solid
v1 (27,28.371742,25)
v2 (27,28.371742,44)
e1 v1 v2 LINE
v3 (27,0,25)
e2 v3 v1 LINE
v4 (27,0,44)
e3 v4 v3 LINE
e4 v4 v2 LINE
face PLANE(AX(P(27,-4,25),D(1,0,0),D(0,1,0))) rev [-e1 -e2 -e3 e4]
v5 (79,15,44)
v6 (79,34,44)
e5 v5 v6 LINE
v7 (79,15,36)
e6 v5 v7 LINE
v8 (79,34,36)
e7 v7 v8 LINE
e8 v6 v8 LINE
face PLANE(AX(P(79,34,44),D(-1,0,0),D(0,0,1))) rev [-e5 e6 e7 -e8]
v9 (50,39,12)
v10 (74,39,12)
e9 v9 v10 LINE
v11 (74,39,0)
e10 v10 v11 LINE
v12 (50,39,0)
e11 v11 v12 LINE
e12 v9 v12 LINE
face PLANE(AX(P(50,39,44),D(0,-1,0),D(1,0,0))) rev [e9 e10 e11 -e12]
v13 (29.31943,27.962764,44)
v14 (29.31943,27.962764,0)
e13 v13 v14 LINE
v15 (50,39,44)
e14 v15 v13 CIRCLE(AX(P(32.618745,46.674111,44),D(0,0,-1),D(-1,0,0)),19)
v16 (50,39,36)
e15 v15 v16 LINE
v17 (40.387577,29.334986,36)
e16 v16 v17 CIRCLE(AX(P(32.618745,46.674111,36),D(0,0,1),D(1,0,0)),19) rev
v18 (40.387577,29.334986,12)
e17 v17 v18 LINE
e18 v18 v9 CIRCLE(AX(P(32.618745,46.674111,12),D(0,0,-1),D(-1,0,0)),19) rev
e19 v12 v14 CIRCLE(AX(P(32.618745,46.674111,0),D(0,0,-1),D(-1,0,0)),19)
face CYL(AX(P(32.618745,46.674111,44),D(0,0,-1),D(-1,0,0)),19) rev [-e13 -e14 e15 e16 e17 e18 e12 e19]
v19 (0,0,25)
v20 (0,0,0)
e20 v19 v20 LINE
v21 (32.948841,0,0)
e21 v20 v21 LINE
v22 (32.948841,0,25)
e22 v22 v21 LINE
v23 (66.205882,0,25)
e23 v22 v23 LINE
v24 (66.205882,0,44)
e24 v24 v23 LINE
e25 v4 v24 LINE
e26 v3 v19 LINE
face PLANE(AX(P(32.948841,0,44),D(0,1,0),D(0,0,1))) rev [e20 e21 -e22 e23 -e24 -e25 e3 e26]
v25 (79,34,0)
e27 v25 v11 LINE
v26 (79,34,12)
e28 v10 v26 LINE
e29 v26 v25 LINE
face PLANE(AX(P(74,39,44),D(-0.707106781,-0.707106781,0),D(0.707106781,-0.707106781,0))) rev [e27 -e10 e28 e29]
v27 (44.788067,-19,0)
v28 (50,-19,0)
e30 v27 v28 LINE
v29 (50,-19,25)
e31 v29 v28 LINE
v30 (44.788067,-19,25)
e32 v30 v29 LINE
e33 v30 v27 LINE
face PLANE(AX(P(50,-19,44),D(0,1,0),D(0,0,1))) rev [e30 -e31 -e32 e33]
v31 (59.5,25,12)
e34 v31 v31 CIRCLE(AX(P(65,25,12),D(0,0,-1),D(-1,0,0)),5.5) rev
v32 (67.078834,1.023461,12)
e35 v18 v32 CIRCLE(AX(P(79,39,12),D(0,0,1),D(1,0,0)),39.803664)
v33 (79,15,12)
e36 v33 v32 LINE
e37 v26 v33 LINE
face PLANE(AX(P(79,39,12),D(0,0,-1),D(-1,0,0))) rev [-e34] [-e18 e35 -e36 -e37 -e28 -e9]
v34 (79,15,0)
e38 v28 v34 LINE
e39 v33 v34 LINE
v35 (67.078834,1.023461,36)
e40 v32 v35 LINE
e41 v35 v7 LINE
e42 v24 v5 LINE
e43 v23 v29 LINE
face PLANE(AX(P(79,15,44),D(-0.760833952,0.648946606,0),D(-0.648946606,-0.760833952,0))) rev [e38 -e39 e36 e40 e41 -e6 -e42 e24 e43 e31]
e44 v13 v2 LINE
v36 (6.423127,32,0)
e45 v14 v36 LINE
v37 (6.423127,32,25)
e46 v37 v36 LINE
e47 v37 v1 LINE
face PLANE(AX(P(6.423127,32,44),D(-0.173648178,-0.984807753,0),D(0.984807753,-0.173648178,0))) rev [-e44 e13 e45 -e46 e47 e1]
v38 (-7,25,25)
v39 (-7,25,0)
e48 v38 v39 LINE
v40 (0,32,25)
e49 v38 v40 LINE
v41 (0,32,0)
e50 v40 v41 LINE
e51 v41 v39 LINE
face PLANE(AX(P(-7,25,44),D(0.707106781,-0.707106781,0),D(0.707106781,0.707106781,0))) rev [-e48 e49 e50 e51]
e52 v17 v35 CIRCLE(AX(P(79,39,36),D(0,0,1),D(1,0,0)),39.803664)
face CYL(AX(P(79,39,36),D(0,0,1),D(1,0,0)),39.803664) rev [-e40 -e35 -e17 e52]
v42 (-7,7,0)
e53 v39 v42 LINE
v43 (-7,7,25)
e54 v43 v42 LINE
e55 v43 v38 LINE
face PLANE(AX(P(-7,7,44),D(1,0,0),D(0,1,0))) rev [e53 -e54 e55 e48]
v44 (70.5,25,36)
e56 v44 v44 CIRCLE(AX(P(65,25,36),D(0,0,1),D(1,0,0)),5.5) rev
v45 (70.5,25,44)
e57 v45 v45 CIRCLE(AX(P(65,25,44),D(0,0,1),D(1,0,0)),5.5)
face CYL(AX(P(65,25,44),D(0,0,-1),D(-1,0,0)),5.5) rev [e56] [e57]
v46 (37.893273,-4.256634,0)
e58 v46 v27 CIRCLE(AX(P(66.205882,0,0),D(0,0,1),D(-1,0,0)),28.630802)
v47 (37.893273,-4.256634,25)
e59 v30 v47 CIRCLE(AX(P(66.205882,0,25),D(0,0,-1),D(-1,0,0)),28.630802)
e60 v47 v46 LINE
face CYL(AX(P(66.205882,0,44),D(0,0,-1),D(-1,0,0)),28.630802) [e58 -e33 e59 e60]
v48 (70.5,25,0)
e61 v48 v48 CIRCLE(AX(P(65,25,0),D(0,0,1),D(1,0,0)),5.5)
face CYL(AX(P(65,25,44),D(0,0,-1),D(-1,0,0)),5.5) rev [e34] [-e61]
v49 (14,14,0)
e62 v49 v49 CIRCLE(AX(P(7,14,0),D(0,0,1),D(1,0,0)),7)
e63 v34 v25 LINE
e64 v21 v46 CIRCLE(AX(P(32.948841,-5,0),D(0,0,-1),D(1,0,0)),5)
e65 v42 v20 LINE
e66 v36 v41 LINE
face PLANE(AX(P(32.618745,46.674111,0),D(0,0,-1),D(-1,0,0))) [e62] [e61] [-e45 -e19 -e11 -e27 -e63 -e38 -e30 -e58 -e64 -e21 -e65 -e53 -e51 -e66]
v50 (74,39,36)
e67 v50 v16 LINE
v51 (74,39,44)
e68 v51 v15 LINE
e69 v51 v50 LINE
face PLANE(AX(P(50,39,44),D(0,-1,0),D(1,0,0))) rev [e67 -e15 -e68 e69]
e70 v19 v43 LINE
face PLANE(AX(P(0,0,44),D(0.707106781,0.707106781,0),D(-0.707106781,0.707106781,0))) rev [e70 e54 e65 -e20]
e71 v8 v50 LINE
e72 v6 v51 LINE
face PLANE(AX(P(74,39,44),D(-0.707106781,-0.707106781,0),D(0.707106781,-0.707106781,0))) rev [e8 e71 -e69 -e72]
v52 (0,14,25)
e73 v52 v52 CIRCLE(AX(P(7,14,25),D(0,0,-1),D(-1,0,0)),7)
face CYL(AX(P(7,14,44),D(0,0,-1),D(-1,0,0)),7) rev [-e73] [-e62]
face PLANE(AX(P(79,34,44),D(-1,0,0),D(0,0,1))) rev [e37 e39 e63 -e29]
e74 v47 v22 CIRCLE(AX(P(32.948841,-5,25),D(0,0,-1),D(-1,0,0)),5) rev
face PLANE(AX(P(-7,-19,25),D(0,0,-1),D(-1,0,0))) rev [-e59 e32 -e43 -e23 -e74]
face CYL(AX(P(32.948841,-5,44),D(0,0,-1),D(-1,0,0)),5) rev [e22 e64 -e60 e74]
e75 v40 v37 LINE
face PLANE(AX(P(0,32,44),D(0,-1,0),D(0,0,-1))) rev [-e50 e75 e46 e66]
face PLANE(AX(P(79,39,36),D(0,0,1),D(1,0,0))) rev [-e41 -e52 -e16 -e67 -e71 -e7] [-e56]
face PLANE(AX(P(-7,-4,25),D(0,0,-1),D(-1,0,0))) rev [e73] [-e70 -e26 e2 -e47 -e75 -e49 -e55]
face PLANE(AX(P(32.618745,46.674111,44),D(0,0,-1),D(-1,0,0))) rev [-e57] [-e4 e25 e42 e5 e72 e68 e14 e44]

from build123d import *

# Parameters (mm, degrees)
SKETCH1_R           = 7
BOSS_EXTRUDE1_DEPTH = 44
SKETCH70_W          = 24
SKETCH70_H          = 39.803664443
SKETCH71_W          = 34
SKETCH71_H          = 19
CUT_EXTRUDE1_DEPTH  = 43
SKETCH73_R          = 5.5
CUT_EXTRUDE3_DEPTH  = 99.478424033
SKETCH75_W          = 19
SKETCH75_H          = 19
CUT_EXTRUDE4_DEPTH  = 105.177732746


with BuildPart() as part:
    # Sketch1 → Boss-Extrude1 (new body)
    with BuildSketch(Plane.XY):
        with BuildLine():
            Line((0, 0), (-7, 7))
            Line((-7, 7), (-7, 25))
            Line((-7, 25), (0, 32))
            Line((0, 32), (6.423127039, 32))
            Line((6.423127039, 32), (29.319429923, 27.962764043))
            ThreePointArc((29.319429923, 27.962764043), (41.564716358, 29.911963462), (50, 39))
            Line((50, 39), (74, 39))
            Line((74, 39), (79, 34))
            Line((79, 34), (79, 15))
            Line((79, 15), (50, -19))
            Line((50, -19), (44.788067397, -19))
            ThreePointArc((44.788067397, -19), (40.27095427, -12.128573817), (37.89327269, -4.256633834))
            ThreePointArc((37.89327269, -4.256633834), (36.210984968, -1.21075002), (32.948840798, 0))
            Line((32.948840798, 0), (0, 0))
        make_face()
        with Locations((7, 14)):
            Circle(SKETCH1_R, mode=Mode.SUBTRACT)
    extrude(amount=BOSS_EXTRUDE1_DEPTH)

    # Sketch70 → Cut-Revolve3 (revolve, cut)
    with BuildSketch(Plane(origin=(79, 0, 0), x_dir=(0, 0, -1), z_dir=(1, 0, 0))):
        with Locations((-24, 19.098167778)):
            Rectangle(SKETCH70_W, SKETCH70_H)
    revolve(axis=Axis((79, 39, 36), (0, 0, -1)), mode=Mode.SUBTRACT)

    # Sketch71 → Cut-Extrude1 (cut)
    with BuildSketch(Plane(origin=(0, 39, 0), x_dir=(1, 0, 0), z_dir=(0, 1, 0))):
        with Locations((10, -34.5)):
            Rectangle(SKETCH71_W, SKETCH71_H)
    extrude(amount=-CUT_EXTRUDE1_DEPTH, mode=Mode.SUBTRACT)

    # Sketch73 → Cut-Extrude3 (cut, through all)
    with BuildSketch(Plane.XY):
        with Locations(Location((65, 25, 0), (0, 0, 180))):
            Circle(SKETCH73_R)
    extrude(amount=CUT_EXTRUDE3_DEPTH, mode=Mode.SUBTRACT)

    # Sketch75 → Cut-Extrude4 (cut, through all)
    with BuildSketch(Plane(origin=(79, 0, 0), x_dir=(0, 0, -1), z_dir=(1, 0, 0))):
        with Locations((-34.5, -9.5)):
            Rectangle(SKETCH75_W, SKETCH75_H)
    extrude(amount=-CUT_EXTRUDE4_DEPTH, mode=Mode.SUBTRACT)


solid = part.part
